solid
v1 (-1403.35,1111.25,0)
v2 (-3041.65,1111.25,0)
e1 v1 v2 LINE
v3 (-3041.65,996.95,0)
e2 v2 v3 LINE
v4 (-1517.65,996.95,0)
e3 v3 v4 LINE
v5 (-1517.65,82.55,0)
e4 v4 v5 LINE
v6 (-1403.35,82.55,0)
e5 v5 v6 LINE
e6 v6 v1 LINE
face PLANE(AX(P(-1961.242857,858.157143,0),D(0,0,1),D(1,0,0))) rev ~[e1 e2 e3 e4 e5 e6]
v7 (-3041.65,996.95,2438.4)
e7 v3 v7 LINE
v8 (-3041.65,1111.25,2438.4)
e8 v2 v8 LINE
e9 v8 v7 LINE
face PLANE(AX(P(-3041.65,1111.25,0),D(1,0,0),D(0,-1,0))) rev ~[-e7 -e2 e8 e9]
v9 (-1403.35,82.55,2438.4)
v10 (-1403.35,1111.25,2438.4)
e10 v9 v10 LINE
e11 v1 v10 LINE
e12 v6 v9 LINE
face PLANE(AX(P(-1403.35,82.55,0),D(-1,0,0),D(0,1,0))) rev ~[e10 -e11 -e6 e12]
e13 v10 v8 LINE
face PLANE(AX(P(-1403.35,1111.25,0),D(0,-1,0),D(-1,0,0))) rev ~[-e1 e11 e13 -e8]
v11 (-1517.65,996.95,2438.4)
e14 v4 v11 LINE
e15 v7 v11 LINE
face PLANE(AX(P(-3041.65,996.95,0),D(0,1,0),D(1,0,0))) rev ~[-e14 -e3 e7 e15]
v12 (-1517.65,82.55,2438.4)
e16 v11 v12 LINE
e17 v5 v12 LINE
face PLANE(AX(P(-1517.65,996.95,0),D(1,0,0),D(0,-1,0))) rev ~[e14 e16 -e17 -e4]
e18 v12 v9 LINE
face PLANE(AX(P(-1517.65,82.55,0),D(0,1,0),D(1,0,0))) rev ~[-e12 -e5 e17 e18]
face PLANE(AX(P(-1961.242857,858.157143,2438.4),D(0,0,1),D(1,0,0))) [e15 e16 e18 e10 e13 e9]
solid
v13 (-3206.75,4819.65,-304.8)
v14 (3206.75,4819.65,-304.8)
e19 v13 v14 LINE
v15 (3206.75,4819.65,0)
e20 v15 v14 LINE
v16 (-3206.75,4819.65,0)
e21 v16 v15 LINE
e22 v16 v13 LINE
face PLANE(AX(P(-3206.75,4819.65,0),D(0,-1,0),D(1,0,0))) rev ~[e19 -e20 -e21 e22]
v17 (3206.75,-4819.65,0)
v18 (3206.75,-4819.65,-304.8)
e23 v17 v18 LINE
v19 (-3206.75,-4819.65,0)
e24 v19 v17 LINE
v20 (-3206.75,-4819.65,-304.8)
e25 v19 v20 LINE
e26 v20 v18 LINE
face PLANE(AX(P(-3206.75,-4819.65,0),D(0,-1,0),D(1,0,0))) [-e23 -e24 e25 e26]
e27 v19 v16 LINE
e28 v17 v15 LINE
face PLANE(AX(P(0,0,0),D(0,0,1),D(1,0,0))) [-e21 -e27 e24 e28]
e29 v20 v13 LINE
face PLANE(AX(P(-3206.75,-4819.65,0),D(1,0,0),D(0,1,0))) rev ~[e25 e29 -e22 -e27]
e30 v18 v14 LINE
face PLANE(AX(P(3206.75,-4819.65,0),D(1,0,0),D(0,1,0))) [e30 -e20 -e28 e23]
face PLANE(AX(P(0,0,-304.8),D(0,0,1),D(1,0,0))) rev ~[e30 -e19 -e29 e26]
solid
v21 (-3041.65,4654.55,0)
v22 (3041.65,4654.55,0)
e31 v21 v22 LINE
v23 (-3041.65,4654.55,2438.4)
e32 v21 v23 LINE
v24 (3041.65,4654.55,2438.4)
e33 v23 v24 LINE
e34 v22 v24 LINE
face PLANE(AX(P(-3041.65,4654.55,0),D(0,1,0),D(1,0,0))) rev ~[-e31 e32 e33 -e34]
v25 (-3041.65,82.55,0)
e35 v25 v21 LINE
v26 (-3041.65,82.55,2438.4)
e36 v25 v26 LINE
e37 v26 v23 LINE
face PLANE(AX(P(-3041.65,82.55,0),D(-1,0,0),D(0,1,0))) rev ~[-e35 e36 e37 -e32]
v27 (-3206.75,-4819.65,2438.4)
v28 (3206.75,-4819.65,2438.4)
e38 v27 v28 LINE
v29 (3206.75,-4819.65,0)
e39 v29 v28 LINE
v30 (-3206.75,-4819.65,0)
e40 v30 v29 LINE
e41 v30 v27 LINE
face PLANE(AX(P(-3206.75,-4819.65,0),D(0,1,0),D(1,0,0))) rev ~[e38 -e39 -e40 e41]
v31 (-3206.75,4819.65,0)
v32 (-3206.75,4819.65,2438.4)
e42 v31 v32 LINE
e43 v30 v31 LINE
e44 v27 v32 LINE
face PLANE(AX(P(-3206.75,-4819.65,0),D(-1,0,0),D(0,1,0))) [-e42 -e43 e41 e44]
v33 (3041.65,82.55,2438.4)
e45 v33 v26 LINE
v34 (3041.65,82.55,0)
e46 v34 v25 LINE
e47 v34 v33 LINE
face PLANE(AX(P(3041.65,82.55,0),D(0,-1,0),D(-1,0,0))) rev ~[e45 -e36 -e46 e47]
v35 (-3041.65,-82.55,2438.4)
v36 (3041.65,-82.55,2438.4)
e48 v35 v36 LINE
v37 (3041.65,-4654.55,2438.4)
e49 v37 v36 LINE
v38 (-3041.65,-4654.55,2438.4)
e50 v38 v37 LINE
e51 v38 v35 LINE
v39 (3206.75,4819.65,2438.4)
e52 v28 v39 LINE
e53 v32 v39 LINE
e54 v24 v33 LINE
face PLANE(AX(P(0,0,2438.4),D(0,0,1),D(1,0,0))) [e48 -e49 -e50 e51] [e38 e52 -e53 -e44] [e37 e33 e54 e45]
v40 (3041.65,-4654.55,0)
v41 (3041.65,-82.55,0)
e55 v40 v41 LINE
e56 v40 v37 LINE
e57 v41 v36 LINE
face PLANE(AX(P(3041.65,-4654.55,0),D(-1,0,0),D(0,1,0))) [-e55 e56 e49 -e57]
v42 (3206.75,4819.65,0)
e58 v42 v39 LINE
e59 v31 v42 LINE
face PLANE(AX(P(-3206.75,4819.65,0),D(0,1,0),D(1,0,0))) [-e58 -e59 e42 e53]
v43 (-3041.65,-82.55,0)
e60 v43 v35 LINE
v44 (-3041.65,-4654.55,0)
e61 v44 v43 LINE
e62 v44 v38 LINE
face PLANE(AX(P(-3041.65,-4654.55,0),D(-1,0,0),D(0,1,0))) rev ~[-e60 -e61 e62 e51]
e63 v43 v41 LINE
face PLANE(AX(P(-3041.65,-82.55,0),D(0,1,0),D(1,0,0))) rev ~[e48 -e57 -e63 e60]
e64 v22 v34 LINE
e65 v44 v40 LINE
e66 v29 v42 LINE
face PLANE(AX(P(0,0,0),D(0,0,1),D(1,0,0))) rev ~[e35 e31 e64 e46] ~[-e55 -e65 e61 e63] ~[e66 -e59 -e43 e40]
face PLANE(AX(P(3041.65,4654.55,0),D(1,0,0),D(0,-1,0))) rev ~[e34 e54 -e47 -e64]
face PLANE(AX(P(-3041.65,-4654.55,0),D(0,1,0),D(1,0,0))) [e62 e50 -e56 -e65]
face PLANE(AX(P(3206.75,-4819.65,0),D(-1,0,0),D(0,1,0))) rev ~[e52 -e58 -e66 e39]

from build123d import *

# Parameters (mm, degrees)
F0_W     = 6413.5
F0_H     = 9639.3
F0_W_2   = 6083.3
F0_H_2   = 4572
F0_W_3   = 1524
F0_H_3   = 914.4
F0_W_4   = 609.6
F0_H_4   = 609.6
F1_DEPTH = 304.8
F2_DEPTH = 2438.4
F3_DEPTH = 2438.4


with BuildPart() as f1:
    # F0 (on Top) → F1 (new body)
    with BuildSketch(Plane.XY):
        Rectangle(F0_W, F0_H)
        with Locations((0, -2368.55)):
            Rectangle(F0_W_2, F0_H_2, mode=Mode.SUBTRACT)
        Polygon((-3041.65, 1111.25), (-3041.65, 4654.55), (3041.65, 4654.55), (3041.65, 82.55), (-31.75, 82.55), (-641.35, 82.55), (-793.75, 82.55), (-1403.35, 82.55), (-1517.65, 82.55), (-3041.65, 82.55), (-3041.65, 996.95), align=None, mode=Mode.SUBTRACT)
        with Locations((0, -2368.55)):
            Rectangle(F0_W_2, F0_H_2)
        Polygon((3041.65, 4654.55), (-3041.65, 4654.55), (-3041.65, 1111.25), (-1403.35, 1111.25), (-1403.35, 692.15), (-793.75, 692.15), (-793.75, 82.55), (-641.35, 82.55), (-641.35, 692.15), (-31.75, 692.15), (-31.75, 82.55), (3041.65, 82.55), align=None)
        with BuildLine():
            ThreePointArc((2807.579086147, 1149.35), (2868.4783837058, 1002.3260898945), (2889.25, 844.55))
            ThreePointArc((2889.25, 844.55), (2868.4783837058, 686.7739101055), (2807.579086147, 539.75))
            ThreePointArc((2807.579086147, 539.75), (2710.7022938113, 413.4977061887), (2584.45, 316.620913853))
            ThreePointArc((2584.45, 316.620913853), (2437.4260898945, 255.7216162942), (2279.65, 234.95))
            ThreePointArc((2279.65, 234.95), (2121.8739101055, 255.7216162942), (1974.85, 316.620913853))
            ThreePointArc((1974.85, 316.620913853), (1848.5977061887, 413.4977061887), (1751.720913853, 539.75))
            ThreePointArc((1751.720913853, 539.75), (1690.8216162942, 686.7739101055), (1670.05, 844.55))
            ThreePointArc((1670.05, 844.55), (1690.8216162942, 1002.3260898945), (1751.720913853, 1149.35))
            ThreePointArc((1751.720913853, 1149.35), (1848.5977061887, 1275.6022938113), (1974.85, 1372.479086147))
            ThreePointArc((1974.85, 1372.479086147), (2121.8739101055, 1433.3783837058), (2279.65, 1454.15))
            ThreePointArc((2279.65, 1454.15), (2437.4260898945, 1433.3783837058), (2584.45, 1372.479086147))
            ThreePointArc((2584.45, 1372.479086147), (2710.7022938113, 1275.6022938113), (2807.579086147, 1149.35))
        make_face(mode=Mode.SUBTRACT)
        with Locations((-2279.65, 539.75)):
            Rectangle(F0_W_3, F0_H_3)
        with Locations((-336.55, 387.35)):
            Rectangle(F0_W_4, F0_H_4)
        with Locations((-1098.55, 387.35)):
            Rectangle(F0_W_4, F0_H_4)
        Polygon((-1403.35, 1111.25), (-3041.65, 1111.25), (-3041.65, 996.95), (-1517.65, 996.95), (-1517.65, 82.55), (-1403.35, 82.55), (-1403.35, 692.15), align=None)
        with BuildLine():
            Line((2355.85, 844.55), (2889.25, 844.55))
            ThreePointArc((2889.25, 844.55), (2868.4783837058, 1002.3260898945), (2807.579086147, 1149.35))
            Line((2807.579086147, 1149.35), (2345.6411357684, 882.65))
            ThreePointArc((2345.6411357684, 882.65), (2353.2535479632, 864.2720112368), (2355.85, 844.55))
        make_face()
        with BuildLine():
            Line((2345.6411357684, 882.65), (2807.579086147, 1149.35))
            ThreePointArc((2807.579086147, 1149.35), (2710.7022938113, 1275.6022938113), (2584.45, 1372.479086147))
            Line((2584.45, 1372.479086147), (2317.75, 910.5411357684))
            ThreePointArc((2317.75, 910.5411357684), (2333.5315367264, 898.4315367264), (2345.6411357684, 882.65))
        make_face()
        with BuildLine():
            Line((2317.75, 910.5411357684), (2584.45, 1372.479086147))
            ThreePointArc((2584.45, 1372.479086147), (2437.4260898945, 1433.3783837058), (2279.65, 1454.15))
            Line((2279.65, 1454.15), (2279.65, 920.75))
            ThreePointArc((2279.65, 920.75), (2299.3720112368, 918.1535479632), (2317.75, 910.5411357684))
        make_face()
        with BuildLine():
            Line((2279.65, 920.75), (2279.65, 1454.15))
            ThreePointArc((2279.65, 1454.15), (2121.8739101055, 1433.3783837058), (1974.85, 1372.479086147))
            Line((1974.85, 1372.479086147), (2241.55, 910.5411357684))
            ThreePointArc((2241.55, 910.5411357684), (2259.9279887632, 918.1535479632), (2279.65, 920.75))
        make_face()
        with BuildLine():
            Line((1751.720913853, 1149.35), (2213.6588642316, 882.65))
            ThreePointArc((2213.6588642316, 882.65), (2225.7684632736, 898.4315367264), (2241.55, 910.5411357684))
            Line((2241.55, 910.5411357684), (1974.85, 1372.479086147))
            ThreePointArc((1974.85, 1372.479086147), (1848.5977061887, 1275.6022938113), (1751.720913853, 1149.35))
        make_face()
        with BuildLine():
            Line((1670.05, 844.55), (2203.45, 844.55))
            ThreePointArc((2203.45, 844.55), (2206.0464520368, 864.2720112368), (2213.6588642316, 882.65))
            Line((2213.6588642316, 882.65), (1751.720913853, 1149.35))
            ThreePointArc((1751.720913853, 1149.35), (1690.8216162942, 1002.3260898945), (1670.05, 844.55))
        make_face()
        with BuildLine():
            ThreePointArc((2213.6588642316, 806.45), (2206.0464520368, 824.8279887632), (2203.45, 844.55))
            Line((2203.45, 844.55), (1670.05, 844.55))
            ThreePointArc((1670.05, 844.55), (1690.8216162942, 686.7739101055), (1751.720913853, 539.75))
            Line((1751.720913853, 539.75), (2213.6588642316, 806.45))
        make_face()
        with BuildLine():
            ThreePointArc((2241.55, 778.5588642316), (2225.7684632736, 790.6684632736), (2213.6588642316, 806.45))
            Line((2213.6588642316, 806.45), (1751.720913853, 539.75))
            ThreePointArc((1751.720913853, 539.75), (1848.5977061887, 413.4977061887), (1974.85, 316.620913853))
            Line((1974.85, 316.620913853), (2241.55, 778.5588642316))
        make_face()
        with BuildLine():
            ThreePointArc((1974.85, 316.620913853), (2121.8739101055, 255.7216162942), (2279.65, 234.95))
            Line((2279.65, 234.95), (2279.65, 768.35))
            ThreePointArc((2279.65, 768.35), (2259.9279887632, 770.9464520368), (2241.55, 778.5588642316))
            Line((2241.55, 778.5588642316), (1974.85, 316.620913853))
        make_face()
        with BuildLine():
            ThreePointArc((2279.65, 234.95), (2437.4260898945, 255.7216162942), (2584.45, 316.620913853))
            Line((2584.45, 316.620913853), (2317.75, 778.5588642316))
            ThreePointArc((2317.75, 778.5588642316), (2299.3720112368, 770.9464520368), (2279.65, 768.35))
            Line((2279.65, 768.35), (2279.65, 234.95))
        make_face()
        with BuildLine():
            ThreePointArc((2584.45, 316.620913853), (2710.7022938113, 413.4977061887), (2807.579086147, 539.75))
            Line((2807.579086147, 539.75), (2345.6411357684, 806.45))
            ThreePointArc((2345.6411357684, 806.45), (2333.5315367264, 790.6684632736), (2317.75, 778.5588642316))
            Line((2317.75, 778.5588642316), (2584.45, 316.620913853))
        make_face()
        with BuildLine():
            ThreePointArc((2807.579086147, 539.75), (2868.4783837058, 686.7739101055), (2889.25, 844.55))
            Line((2889.25, 844.55), (2355.85, 844.55))
            ThreePointArc((2355.85, 844.55), (2353.2535479632, 824.8279887632), (2345.6411357684, 806.45))
            Line((2345.6411357684, 806.45), (2807.579086147, 539.75))
        make_face()
        with BuildLine():
            Line((2279.65, 844.55), (2355.85, 844.55))
            ThreePointArc((2355.85, 844.55), (2353.2535479632, 864.2720112368), (2345.6411357684, 882.65))
            Line((2345.6411357684, 882.65), (2279.65, 844.55))
        make_face()
        with BuildLine():
            Line((2279.65, 844.55), (2345.6411357684, 882.65))
            ThreePointArc((2345.6411357684, 882.65), (2333.5315367264, 898.4315367264), (2317.75, 910.5411357684))
            Line((2317.75, 910.5411357684), (2279.65, 844.55))
        make_face()
        with BuildLine():
            Line((2279.65, 920.75), (2279.65, 844.55))
            Line((2279.65, 844.55), (2317.75, 910.5411357684))
            ThreePointArc((2317.75, 910.5411357684), (2299.3720112368, 918.1535479632), (2279.65, 920.75))
        make_face()
        with BuildLine():
            Line((2241.55, 910.5411357684), (2279.65, 844.55))
            Line((2279.65, 844.55), (2279.65, 920.75))
            ThreePointArc((2279.65, 920.75), (2259.9279887632, 918.1535479632), (2241.55, 910.5411357684))
        make_face()
        with BuildLine():
            Line((2213.6588642316, 882.65), (2279.65, 844.55))
            Line((2279.65, 844.55), (2241.55, 910.5411357684))
            ThreePointArc((2241.55, 910.5411357684), (2225.7684632736, 898.4315367264), (2213.6588642316, 882.65))
        make_face()
        with BuildLine():
            Line((2203.45, 844.55), (2279.65, 844.55))
            Line((2279.65, 844.55), (2213.6588642316, 882.65))
            ThreePointArc((2213.6588642316, 882.65), (2206.0464520368, 864.2720112368), (2203.45, 844.55))
        make_face()
        with BuildLine():
            Line((2213.6588642316, 806.45), (2279.65, 844.55))
            Line((2279.65, 844.55), (2203.45, 844.55))
            ThreePointArc((2203.45, 844.55), (2206.0464520368, 824.8279887632), (2213.6588642316, 806.45))
        make_face()
        with BuildLine():
            Line((2241.55, 778.5588642316), (2279.65, 844.55))
            Line((2279.65, 844.55), (2213.6588642316, 806.45))
            ThreePointArc((2213.6588642316, 806.45), (2225.7684632736, 790.6684632736), (2241.55, 778.5588642316))
        make_face()
        with BuildLine():
            Line((2279.65, 768.35), (2279.65, 844.55))
            Line((2279.65, 844.55), (2241.55, 778.5588642316))
            ThreePointArc((2241.55, 778.5588642316), (2259.9279887632, 770.9464520368), (2279.65, 768.35))
        make_face()
        with BuildLine():
            Line((2317.75, 778.5588642316), (2279.65, 844.55))
            Line((2279.65, 844.55), (2279.65, 768.35))
            ThreePointArc((2279.65, 768.35), (2299.3720112368, 770.9464520368), (2317.75, 778.5588642316))
        make_face()
        with BuildLine():
            ThreePointArc((2317.75, 778.5588642316), (2333.5315367264, 790.6684632736), (2345.6411357684, 806.45))
            Line((2345.6411357684, 806.45), (2279.65, 844.55))
            Line((2279.65, 844.55), (2317.75, 778.5588642316))
        make_face()
        with BuildLine():
            ThreePointArc((2345.6411357684, 806.45), (2353.2535479632, 824.8279887632), (2355.85, 844.55))
            Line((2355.85, 844.55), (2279.65, 844.55))
            Line((2279.65, 844.55), (2345.6411357684, 806.45))
        make_face()
    extrude(amount=-F1_DEPTH)


with BuildPart() as f2:
    # F0 (on Top) → F2 (new body)
    with BuildSketch(Plane.XY):
        Rectangle(F0_W, F0_H)
        with Locations((0, -2368.55)):
            Rectangle(F0_W_2, F0_H_2, mode=Mode.SUBTRACT)
        Polygon((-3041.65, 1111.25), (-3041.65, 4654.55), (3041.65, 4654.55), (3041.65, 82.55), (-31.75, 82.55), (-641.35, 82.55), (-793.75, 82.55), (-1403.35, 82.55), (-1517.65, 82.55), (-3041.65, 82.55), (-3041.65, 996.95), align=None, mode=Mode.SUBTRACT)
    extrude(amount=F2_DEPTH)


with BuildPart() as f3:
    # F0 (on Top) → F3 (new body)
    with BuildSketch(Plane.XY):
        Polygon((-1403.35, 1111.25), (-3041.65, 1111.25), (-3041.65, 996.95), (-1517.65, 996.95), (-1517.65, 82.55), (-1403.35, 82.55), (-1403.35, 692.15), align=None)
    extrude(amount=F3_DEPTH)


solid = Compound([f1.part, f2.part, f3.part])
